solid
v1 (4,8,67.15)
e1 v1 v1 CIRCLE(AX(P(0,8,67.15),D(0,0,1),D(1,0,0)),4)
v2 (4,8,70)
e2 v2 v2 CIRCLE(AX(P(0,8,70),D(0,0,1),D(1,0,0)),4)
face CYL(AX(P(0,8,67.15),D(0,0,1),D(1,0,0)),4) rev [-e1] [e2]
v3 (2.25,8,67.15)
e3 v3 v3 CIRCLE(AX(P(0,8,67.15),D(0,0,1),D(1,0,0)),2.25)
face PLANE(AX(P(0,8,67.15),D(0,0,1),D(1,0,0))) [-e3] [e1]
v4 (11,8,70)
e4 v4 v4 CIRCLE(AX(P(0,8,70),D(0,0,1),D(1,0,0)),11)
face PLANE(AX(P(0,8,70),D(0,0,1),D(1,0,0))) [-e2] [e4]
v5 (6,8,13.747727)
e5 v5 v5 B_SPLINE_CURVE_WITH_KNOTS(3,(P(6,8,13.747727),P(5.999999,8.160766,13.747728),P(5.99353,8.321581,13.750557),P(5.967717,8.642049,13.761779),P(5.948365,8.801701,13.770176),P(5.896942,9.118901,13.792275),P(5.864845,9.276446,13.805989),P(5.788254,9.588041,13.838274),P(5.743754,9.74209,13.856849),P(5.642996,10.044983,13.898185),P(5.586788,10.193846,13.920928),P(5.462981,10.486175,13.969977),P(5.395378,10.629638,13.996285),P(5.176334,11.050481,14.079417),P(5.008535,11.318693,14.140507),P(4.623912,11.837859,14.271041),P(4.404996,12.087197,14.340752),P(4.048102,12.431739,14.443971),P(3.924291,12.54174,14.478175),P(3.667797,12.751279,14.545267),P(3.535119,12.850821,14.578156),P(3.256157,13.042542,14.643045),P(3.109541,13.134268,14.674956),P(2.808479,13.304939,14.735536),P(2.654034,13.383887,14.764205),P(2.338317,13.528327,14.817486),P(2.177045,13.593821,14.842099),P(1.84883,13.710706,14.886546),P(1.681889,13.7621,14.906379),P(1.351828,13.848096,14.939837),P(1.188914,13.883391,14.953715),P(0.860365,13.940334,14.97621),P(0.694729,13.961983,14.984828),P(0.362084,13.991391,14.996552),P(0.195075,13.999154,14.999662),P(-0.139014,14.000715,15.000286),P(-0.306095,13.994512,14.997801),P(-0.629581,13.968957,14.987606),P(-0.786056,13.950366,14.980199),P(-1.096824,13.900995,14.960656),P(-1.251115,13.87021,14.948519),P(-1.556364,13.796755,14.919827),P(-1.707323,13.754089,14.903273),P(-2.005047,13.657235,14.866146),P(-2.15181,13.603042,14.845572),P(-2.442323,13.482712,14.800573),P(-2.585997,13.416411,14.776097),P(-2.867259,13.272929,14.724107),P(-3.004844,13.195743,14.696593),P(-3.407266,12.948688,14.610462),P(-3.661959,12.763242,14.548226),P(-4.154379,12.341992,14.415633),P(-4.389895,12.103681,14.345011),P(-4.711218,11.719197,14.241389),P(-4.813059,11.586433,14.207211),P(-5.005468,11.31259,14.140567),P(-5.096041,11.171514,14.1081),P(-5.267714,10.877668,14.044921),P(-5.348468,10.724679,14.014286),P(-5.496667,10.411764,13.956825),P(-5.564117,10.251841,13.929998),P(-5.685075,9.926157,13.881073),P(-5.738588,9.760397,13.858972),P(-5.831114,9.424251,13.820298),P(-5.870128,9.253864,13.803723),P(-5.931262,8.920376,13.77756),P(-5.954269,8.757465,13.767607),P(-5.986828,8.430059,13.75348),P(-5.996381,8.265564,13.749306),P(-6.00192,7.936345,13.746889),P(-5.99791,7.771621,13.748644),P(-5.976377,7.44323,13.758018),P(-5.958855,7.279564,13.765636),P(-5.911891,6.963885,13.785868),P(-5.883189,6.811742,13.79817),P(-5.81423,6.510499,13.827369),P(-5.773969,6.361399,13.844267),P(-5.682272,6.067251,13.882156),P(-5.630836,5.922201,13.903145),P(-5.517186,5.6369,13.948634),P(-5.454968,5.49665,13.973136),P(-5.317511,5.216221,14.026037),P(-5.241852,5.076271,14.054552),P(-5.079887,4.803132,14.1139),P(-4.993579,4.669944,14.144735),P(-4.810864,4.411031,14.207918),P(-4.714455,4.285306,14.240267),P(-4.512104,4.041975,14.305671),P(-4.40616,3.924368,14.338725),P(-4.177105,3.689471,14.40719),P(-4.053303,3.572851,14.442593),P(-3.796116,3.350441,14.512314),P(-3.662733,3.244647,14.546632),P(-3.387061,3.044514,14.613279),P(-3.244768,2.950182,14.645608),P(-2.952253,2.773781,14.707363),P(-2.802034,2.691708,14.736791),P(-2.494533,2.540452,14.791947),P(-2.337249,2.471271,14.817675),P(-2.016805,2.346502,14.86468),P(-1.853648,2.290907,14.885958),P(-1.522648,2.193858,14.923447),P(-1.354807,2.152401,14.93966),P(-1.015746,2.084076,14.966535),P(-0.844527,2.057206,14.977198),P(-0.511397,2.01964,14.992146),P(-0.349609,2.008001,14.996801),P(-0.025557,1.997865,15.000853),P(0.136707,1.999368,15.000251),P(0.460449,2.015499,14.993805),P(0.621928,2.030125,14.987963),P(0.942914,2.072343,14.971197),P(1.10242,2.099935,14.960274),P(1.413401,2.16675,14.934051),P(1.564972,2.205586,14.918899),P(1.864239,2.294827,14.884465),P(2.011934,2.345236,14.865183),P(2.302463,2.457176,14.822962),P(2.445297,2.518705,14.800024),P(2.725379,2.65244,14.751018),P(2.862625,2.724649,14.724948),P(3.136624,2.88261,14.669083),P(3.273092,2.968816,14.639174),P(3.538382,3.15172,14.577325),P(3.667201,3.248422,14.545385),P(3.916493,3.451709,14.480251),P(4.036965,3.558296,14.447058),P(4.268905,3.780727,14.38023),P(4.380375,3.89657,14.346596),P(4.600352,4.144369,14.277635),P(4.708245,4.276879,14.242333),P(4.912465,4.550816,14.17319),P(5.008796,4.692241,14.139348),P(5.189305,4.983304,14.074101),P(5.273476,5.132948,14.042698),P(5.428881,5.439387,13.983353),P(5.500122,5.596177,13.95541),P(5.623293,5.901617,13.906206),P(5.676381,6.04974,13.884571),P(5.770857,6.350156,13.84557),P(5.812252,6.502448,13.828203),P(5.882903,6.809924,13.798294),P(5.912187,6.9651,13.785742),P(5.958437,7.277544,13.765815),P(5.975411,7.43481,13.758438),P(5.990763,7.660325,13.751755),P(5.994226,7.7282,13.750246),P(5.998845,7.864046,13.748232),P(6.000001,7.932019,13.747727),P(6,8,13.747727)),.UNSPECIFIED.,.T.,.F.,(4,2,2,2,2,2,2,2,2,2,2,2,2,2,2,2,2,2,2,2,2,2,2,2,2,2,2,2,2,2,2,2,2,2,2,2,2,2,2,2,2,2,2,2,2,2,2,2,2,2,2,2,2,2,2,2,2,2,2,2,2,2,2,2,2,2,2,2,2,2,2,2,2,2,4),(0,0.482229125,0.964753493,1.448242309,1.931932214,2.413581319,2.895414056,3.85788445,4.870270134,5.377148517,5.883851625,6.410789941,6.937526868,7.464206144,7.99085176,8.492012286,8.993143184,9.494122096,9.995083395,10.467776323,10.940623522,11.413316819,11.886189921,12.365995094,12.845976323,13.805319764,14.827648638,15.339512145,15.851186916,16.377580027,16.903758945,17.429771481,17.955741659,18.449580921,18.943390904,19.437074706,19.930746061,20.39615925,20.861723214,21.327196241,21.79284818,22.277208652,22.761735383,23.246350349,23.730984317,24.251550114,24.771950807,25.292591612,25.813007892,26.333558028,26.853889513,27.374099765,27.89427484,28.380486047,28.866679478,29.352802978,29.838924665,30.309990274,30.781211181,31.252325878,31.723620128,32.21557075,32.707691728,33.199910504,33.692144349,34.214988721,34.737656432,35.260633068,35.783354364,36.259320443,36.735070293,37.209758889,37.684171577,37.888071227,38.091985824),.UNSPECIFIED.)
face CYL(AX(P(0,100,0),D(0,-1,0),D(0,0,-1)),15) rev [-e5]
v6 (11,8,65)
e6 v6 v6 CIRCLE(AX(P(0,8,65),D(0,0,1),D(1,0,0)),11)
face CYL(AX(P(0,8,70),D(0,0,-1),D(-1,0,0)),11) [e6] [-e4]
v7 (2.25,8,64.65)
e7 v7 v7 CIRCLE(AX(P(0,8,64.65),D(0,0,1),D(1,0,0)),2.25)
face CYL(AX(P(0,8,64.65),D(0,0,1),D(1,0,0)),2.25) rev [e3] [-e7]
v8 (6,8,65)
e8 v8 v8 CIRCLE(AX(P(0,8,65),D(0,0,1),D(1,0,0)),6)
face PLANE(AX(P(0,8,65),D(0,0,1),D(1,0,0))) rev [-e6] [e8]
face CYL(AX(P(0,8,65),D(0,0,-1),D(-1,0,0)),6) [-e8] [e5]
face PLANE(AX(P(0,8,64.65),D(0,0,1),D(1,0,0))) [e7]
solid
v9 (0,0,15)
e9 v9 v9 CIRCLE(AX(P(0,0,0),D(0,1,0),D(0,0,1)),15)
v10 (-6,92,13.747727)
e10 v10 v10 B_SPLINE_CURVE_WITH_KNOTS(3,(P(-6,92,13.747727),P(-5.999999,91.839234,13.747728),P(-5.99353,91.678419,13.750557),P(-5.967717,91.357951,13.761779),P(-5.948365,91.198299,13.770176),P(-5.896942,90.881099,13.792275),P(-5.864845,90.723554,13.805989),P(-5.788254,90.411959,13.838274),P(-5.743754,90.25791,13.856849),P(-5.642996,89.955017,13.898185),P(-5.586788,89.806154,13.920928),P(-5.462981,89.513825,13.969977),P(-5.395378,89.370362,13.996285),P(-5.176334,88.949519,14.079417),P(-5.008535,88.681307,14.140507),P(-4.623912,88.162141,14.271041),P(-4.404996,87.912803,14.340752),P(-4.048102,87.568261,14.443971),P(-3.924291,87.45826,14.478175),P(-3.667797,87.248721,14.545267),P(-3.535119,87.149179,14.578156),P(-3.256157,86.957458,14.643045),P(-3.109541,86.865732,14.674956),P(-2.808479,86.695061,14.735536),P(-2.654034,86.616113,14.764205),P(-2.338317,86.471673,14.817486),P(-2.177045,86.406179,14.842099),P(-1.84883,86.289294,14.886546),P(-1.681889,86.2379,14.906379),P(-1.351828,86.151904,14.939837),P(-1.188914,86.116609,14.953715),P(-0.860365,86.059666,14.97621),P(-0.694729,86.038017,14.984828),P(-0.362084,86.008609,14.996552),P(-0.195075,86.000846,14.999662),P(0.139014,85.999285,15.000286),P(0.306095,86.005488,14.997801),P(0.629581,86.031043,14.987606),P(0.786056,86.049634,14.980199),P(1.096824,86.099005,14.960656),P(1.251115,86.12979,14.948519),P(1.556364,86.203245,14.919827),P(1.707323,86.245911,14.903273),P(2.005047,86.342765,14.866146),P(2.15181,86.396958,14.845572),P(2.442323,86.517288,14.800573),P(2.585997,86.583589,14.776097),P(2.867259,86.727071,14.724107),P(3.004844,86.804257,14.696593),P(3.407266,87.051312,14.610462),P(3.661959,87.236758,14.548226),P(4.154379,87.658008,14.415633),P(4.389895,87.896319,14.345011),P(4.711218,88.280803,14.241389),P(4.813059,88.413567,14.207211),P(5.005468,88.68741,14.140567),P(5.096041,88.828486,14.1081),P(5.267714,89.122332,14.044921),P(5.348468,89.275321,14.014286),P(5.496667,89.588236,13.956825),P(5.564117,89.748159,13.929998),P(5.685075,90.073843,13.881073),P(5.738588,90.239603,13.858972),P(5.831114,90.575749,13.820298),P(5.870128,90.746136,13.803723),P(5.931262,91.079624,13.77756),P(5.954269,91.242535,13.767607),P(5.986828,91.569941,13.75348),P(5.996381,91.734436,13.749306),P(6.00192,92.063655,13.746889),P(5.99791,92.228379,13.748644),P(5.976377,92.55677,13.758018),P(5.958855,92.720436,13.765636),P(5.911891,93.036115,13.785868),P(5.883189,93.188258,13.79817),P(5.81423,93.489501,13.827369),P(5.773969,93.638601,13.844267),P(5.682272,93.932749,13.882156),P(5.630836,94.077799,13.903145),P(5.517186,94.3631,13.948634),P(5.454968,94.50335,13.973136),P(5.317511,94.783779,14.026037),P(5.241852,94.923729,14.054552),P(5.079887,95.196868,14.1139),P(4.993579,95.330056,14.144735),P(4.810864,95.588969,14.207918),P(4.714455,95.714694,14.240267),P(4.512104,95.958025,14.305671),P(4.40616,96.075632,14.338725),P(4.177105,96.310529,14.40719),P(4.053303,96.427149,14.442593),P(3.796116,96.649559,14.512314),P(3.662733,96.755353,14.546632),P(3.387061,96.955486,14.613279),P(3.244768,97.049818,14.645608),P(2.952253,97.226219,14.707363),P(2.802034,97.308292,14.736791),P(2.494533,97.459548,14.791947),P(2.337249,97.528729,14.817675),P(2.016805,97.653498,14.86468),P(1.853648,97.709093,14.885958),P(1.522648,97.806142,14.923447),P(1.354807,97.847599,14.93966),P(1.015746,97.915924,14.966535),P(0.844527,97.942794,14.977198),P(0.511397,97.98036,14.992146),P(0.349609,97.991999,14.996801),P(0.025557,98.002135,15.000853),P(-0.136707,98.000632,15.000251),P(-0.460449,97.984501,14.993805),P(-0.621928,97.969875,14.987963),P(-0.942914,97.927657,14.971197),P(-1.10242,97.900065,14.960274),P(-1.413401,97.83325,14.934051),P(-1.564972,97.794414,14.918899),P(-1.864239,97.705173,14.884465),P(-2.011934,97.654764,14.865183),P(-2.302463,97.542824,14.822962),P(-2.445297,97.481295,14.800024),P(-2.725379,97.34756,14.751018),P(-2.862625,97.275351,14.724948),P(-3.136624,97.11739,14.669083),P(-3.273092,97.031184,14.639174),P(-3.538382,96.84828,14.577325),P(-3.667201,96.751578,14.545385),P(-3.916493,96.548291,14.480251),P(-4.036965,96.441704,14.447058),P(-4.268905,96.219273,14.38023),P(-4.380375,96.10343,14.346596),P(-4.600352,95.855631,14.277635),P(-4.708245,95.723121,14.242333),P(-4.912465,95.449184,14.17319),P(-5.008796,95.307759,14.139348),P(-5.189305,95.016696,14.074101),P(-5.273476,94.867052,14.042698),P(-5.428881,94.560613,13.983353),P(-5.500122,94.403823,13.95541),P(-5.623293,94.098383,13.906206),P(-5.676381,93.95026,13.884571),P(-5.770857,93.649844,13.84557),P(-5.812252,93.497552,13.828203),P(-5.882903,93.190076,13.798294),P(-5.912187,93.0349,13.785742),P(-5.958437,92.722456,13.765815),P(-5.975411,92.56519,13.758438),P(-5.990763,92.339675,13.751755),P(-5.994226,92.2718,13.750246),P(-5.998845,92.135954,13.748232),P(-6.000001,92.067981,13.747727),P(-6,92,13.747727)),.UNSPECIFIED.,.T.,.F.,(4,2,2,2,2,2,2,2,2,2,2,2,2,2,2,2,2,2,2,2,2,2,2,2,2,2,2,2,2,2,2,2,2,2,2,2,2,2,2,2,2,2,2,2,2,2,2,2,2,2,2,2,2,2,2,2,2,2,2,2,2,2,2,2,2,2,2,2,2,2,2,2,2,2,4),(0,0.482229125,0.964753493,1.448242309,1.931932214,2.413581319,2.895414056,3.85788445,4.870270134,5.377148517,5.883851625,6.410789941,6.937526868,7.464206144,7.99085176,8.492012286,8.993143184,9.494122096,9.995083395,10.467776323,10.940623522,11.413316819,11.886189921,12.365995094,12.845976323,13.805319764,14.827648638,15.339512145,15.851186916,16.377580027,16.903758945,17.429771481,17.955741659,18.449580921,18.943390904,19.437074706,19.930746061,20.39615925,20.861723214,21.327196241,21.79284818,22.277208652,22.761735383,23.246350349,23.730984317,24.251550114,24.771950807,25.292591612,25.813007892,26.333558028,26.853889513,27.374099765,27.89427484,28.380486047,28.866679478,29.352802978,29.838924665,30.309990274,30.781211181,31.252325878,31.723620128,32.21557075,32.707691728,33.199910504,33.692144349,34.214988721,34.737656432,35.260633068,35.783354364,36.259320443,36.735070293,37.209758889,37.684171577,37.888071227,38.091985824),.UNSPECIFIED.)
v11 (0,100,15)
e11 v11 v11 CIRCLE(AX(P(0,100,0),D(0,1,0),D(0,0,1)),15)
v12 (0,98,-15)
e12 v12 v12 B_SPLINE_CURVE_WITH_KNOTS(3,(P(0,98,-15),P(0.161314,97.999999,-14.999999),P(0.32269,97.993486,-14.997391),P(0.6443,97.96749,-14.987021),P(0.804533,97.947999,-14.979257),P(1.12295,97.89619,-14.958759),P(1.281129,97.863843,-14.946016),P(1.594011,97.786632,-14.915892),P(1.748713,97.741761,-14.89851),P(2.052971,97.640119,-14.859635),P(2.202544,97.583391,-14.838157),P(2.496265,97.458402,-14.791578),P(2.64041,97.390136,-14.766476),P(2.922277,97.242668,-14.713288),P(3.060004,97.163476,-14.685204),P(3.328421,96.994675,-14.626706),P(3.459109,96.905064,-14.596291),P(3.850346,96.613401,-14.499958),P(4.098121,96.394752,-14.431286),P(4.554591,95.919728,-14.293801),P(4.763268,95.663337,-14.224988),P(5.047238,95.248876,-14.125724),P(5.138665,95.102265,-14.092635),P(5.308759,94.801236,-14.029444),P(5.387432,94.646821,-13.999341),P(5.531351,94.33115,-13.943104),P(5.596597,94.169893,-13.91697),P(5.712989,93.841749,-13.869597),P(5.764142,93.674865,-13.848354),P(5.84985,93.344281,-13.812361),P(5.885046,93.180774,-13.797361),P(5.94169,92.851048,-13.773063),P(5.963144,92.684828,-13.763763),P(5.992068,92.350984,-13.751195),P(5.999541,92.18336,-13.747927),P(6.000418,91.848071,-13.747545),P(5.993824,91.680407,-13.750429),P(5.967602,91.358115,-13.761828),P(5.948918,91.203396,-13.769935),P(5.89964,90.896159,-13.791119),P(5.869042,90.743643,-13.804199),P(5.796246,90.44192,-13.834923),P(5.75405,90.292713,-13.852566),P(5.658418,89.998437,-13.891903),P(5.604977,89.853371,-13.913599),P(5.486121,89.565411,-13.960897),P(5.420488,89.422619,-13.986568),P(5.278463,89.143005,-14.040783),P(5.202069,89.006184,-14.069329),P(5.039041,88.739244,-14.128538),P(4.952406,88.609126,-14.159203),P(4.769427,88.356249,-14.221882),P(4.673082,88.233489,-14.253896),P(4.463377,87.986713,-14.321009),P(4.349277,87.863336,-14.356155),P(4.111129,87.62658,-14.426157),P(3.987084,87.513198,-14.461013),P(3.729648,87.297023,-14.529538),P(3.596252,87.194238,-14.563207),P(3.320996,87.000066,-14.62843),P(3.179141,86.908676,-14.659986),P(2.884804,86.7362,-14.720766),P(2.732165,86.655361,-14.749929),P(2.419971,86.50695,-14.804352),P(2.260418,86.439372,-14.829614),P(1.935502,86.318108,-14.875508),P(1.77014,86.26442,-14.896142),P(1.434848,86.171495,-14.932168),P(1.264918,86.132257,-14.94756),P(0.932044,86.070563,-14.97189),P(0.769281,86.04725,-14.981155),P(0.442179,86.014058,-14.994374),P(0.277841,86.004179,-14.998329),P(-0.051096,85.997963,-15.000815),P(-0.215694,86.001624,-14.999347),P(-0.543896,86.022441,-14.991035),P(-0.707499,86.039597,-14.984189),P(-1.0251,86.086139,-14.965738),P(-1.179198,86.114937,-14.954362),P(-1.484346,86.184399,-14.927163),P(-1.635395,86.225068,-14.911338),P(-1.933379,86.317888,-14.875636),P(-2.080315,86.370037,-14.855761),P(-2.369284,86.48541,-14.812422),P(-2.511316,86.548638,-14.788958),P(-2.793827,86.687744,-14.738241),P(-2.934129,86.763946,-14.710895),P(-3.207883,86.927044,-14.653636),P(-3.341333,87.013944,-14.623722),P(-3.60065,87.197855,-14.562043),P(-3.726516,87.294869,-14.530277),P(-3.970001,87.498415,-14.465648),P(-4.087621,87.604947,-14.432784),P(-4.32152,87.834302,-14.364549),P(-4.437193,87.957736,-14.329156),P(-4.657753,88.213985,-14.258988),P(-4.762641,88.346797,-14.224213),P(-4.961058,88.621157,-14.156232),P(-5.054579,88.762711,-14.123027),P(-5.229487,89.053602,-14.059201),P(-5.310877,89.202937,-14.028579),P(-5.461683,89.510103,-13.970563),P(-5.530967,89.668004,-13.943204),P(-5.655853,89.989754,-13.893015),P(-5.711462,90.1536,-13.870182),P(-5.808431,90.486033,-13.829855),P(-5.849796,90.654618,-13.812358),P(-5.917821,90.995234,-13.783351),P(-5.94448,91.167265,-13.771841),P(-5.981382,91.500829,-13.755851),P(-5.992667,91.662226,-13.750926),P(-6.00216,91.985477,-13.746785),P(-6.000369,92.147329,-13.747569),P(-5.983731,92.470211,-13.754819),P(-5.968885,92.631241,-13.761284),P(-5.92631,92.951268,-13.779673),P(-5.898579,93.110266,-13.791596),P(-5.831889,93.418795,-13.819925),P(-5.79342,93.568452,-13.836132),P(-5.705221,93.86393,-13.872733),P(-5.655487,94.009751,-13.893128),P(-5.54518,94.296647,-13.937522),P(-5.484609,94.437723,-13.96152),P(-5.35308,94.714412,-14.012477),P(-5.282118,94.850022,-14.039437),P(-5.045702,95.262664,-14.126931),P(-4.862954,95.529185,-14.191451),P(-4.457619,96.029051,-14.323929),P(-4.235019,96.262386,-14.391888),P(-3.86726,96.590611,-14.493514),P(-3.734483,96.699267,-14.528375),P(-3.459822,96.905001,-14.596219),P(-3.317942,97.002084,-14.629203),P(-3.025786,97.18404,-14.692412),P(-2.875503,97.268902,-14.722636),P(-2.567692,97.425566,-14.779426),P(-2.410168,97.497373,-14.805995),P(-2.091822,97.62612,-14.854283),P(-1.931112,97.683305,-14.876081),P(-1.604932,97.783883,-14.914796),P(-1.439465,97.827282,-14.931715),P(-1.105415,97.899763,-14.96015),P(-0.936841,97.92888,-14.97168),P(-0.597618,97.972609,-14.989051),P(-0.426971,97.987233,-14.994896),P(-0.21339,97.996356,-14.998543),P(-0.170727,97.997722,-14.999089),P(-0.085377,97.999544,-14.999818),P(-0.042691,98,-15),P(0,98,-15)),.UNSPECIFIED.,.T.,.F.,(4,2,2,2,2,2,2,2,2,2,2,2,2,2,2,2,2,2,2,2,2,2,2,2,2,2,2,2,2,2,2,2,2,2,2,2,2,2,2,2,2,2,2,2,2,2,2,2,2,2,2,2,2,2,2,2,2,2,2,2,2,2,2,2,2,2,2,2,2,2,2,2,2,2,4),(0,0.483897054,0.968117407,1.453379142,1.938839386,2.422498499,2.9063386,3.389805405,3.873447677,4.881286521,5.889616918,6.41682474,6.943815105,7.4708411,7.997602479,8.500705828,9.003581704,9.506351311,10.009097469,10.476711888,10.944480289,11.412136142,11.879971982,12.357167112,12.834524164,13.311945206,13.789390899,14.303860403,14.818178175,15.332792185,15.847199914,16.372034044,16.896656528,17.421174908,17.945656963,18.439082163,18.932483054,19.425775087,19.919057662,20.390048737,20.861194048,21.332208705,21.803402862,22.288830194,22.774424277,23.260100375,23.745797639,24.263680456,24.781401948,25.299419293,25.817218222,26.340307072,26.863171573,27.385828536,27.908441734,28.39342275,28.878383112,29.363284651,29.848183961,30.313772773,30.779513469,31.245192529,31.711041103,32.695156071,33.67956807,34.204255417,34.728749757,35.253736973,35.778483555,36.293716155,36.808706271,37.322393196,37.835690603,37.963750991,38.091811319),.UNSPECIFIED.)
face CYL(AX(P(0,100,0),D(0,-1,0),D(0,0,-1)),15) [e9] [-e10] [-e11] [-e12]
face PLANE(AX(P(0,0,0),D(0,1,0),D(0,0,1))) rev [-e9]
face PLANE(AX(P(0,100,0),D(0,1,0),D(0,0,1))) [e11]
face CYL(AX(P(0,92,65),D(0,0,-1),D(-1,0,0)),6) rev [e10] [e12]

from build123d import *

# Parameters (mm, degrees)
SKETCH1_R                            = 15
BOSS_EXTRUDE1_DEPTH                  = 100
SKETCH2_R                            = 6
BOSS_EXTRUDE2_DEPTH                  = 50
BOSS_EXTRUDE2_DIRECTION_2_REACH      = 107.475
BOSS_EXTRUDE2_DIRECTION_2_END_RADIUS = 15
SKETCH3_R                            = 6
CUT_EXTRUDE1_DEPTH                   = 121.208152856
CUT_EXTRUDE1_DEPTH_BACK              = 121.208152856
SKETCH4_R                            = 11
BOSS_EXTRUDE3_DEPTH                  = 5
SKETCH5_R                            = 4
CUT_EXTRUDE2_DEPTH                   = 2.85
SKETCH6_R                            = 2.25
CUT_EXTRUDE3_DEPTH                   = 2.5


with BuildPart() as part:
    # Sketch1 → Boss-Extrude1 (new body)
    with BuildSketch(Plane(origin=(0, 0, 0), x_dir=(1, 0, 0), z_dir=(0, 1, 0))):
        with Locations(Location((0, 0, 0), (0, 0, 270))):
            Circle(SKETCH1_R)
    extrude(amount=BOSS_EXTRUDE1_DEPTH)

    # Sketch3 → Cut-Extrude1 (cut, two sides)
    with BuildSketch(Plane.XY) as cut_extrude1_sk:
        with Locations(Location((0, 92, 0), (0, 0, 90.000000001))):
            Circle(SKETCH3_R)
    extrude(amount=CUT_EXTRUDE1_DEPTH, mode=Mode.SUBTRACT)
    extrude(cut_extrude1_sk.sketch, amount=-CUT_EXTRUDE1_DEPTH_BACK, mode=Mode.SUBTRACT)


with BuildPart() as body_2:
    # Sketch2 → Boss-Extrude2 (new body)
    with BuildSketch(Plane.XY.offset(15)):
        with Locations((0, 8)):
            Circle(SKETCH2_R)
    extrude(amount=BOSS_EXTRUDE2_DEPTH)

    # Boss-Extrude2 direction 2: up to this cylinder (the profile starts outside it)
    boss_extrude2_direction_2_end = Plane(origin=(0, 8, 0), z_dir=(0, -1, 0)) * Cylinder(BOSS_EXTRUDE2_DIRECTION_2_END_RADIUS, 245.95, mode=Mode.PRIVATE)
    # Sketch2 → Boss-Extrude2 direction 2 (add, up to the surface)
    with BuildSketch(Plane.XY.offset(15), mode=Mode.PRIVATE) as boss_extrude2_direction_2_sk1:
        with Locations((0, 8)):
            Circle(SKETCH2_R)
    boss_extrude2_direction_2_tool1 = extrude(boss_extrude2_direction_2_sk1.sketch, amount=-BOSS_EXTRUDE2_DIRECTION_2_REACH, mode=Mode.PRIVATE) - boss_extrude2_direction_2_end
    add(boss_extrude2_direction_2_tool1.solids().sort_by_distance((0, 8, 15))[0])
    add(boss_extrude2_direction_2_tool1.solids().sort_by_distance((0, 8, 15))[1])

    # Sketch4 → Boss-Extrude3 (add)
    with BuildSketch(Plane.XY.offset(65)):
        with Locations((0, 8)):
            Circle(SKETCH4_R)
    extrude(amount=BOSS_EXTRUDE3_DEPTH)

    # Sketch5 → Cut-Extrude2 (cut)
    with BuildSketch(Plane.XY.offset(70)):
        with Locations((0, 8)):
            Circle(SKETCH5_R)
    extrude(amount=-CUT_EXTRUDE2_DEPTH, mode=Mode.SUBTRACT)

    # Sketch6 → Cut-Extrude3 (cut)
    with BuildSketch(Plane.XY.offset(67.15)):
        with Locations((0, 8)):
            Circle(SKETCH6_R)
    extrude(amount=-CUT_EXTRUDE3_DEPTH, mode=Mode.SUBTRACT)


solid = Compound([part.part, body_2.part])
